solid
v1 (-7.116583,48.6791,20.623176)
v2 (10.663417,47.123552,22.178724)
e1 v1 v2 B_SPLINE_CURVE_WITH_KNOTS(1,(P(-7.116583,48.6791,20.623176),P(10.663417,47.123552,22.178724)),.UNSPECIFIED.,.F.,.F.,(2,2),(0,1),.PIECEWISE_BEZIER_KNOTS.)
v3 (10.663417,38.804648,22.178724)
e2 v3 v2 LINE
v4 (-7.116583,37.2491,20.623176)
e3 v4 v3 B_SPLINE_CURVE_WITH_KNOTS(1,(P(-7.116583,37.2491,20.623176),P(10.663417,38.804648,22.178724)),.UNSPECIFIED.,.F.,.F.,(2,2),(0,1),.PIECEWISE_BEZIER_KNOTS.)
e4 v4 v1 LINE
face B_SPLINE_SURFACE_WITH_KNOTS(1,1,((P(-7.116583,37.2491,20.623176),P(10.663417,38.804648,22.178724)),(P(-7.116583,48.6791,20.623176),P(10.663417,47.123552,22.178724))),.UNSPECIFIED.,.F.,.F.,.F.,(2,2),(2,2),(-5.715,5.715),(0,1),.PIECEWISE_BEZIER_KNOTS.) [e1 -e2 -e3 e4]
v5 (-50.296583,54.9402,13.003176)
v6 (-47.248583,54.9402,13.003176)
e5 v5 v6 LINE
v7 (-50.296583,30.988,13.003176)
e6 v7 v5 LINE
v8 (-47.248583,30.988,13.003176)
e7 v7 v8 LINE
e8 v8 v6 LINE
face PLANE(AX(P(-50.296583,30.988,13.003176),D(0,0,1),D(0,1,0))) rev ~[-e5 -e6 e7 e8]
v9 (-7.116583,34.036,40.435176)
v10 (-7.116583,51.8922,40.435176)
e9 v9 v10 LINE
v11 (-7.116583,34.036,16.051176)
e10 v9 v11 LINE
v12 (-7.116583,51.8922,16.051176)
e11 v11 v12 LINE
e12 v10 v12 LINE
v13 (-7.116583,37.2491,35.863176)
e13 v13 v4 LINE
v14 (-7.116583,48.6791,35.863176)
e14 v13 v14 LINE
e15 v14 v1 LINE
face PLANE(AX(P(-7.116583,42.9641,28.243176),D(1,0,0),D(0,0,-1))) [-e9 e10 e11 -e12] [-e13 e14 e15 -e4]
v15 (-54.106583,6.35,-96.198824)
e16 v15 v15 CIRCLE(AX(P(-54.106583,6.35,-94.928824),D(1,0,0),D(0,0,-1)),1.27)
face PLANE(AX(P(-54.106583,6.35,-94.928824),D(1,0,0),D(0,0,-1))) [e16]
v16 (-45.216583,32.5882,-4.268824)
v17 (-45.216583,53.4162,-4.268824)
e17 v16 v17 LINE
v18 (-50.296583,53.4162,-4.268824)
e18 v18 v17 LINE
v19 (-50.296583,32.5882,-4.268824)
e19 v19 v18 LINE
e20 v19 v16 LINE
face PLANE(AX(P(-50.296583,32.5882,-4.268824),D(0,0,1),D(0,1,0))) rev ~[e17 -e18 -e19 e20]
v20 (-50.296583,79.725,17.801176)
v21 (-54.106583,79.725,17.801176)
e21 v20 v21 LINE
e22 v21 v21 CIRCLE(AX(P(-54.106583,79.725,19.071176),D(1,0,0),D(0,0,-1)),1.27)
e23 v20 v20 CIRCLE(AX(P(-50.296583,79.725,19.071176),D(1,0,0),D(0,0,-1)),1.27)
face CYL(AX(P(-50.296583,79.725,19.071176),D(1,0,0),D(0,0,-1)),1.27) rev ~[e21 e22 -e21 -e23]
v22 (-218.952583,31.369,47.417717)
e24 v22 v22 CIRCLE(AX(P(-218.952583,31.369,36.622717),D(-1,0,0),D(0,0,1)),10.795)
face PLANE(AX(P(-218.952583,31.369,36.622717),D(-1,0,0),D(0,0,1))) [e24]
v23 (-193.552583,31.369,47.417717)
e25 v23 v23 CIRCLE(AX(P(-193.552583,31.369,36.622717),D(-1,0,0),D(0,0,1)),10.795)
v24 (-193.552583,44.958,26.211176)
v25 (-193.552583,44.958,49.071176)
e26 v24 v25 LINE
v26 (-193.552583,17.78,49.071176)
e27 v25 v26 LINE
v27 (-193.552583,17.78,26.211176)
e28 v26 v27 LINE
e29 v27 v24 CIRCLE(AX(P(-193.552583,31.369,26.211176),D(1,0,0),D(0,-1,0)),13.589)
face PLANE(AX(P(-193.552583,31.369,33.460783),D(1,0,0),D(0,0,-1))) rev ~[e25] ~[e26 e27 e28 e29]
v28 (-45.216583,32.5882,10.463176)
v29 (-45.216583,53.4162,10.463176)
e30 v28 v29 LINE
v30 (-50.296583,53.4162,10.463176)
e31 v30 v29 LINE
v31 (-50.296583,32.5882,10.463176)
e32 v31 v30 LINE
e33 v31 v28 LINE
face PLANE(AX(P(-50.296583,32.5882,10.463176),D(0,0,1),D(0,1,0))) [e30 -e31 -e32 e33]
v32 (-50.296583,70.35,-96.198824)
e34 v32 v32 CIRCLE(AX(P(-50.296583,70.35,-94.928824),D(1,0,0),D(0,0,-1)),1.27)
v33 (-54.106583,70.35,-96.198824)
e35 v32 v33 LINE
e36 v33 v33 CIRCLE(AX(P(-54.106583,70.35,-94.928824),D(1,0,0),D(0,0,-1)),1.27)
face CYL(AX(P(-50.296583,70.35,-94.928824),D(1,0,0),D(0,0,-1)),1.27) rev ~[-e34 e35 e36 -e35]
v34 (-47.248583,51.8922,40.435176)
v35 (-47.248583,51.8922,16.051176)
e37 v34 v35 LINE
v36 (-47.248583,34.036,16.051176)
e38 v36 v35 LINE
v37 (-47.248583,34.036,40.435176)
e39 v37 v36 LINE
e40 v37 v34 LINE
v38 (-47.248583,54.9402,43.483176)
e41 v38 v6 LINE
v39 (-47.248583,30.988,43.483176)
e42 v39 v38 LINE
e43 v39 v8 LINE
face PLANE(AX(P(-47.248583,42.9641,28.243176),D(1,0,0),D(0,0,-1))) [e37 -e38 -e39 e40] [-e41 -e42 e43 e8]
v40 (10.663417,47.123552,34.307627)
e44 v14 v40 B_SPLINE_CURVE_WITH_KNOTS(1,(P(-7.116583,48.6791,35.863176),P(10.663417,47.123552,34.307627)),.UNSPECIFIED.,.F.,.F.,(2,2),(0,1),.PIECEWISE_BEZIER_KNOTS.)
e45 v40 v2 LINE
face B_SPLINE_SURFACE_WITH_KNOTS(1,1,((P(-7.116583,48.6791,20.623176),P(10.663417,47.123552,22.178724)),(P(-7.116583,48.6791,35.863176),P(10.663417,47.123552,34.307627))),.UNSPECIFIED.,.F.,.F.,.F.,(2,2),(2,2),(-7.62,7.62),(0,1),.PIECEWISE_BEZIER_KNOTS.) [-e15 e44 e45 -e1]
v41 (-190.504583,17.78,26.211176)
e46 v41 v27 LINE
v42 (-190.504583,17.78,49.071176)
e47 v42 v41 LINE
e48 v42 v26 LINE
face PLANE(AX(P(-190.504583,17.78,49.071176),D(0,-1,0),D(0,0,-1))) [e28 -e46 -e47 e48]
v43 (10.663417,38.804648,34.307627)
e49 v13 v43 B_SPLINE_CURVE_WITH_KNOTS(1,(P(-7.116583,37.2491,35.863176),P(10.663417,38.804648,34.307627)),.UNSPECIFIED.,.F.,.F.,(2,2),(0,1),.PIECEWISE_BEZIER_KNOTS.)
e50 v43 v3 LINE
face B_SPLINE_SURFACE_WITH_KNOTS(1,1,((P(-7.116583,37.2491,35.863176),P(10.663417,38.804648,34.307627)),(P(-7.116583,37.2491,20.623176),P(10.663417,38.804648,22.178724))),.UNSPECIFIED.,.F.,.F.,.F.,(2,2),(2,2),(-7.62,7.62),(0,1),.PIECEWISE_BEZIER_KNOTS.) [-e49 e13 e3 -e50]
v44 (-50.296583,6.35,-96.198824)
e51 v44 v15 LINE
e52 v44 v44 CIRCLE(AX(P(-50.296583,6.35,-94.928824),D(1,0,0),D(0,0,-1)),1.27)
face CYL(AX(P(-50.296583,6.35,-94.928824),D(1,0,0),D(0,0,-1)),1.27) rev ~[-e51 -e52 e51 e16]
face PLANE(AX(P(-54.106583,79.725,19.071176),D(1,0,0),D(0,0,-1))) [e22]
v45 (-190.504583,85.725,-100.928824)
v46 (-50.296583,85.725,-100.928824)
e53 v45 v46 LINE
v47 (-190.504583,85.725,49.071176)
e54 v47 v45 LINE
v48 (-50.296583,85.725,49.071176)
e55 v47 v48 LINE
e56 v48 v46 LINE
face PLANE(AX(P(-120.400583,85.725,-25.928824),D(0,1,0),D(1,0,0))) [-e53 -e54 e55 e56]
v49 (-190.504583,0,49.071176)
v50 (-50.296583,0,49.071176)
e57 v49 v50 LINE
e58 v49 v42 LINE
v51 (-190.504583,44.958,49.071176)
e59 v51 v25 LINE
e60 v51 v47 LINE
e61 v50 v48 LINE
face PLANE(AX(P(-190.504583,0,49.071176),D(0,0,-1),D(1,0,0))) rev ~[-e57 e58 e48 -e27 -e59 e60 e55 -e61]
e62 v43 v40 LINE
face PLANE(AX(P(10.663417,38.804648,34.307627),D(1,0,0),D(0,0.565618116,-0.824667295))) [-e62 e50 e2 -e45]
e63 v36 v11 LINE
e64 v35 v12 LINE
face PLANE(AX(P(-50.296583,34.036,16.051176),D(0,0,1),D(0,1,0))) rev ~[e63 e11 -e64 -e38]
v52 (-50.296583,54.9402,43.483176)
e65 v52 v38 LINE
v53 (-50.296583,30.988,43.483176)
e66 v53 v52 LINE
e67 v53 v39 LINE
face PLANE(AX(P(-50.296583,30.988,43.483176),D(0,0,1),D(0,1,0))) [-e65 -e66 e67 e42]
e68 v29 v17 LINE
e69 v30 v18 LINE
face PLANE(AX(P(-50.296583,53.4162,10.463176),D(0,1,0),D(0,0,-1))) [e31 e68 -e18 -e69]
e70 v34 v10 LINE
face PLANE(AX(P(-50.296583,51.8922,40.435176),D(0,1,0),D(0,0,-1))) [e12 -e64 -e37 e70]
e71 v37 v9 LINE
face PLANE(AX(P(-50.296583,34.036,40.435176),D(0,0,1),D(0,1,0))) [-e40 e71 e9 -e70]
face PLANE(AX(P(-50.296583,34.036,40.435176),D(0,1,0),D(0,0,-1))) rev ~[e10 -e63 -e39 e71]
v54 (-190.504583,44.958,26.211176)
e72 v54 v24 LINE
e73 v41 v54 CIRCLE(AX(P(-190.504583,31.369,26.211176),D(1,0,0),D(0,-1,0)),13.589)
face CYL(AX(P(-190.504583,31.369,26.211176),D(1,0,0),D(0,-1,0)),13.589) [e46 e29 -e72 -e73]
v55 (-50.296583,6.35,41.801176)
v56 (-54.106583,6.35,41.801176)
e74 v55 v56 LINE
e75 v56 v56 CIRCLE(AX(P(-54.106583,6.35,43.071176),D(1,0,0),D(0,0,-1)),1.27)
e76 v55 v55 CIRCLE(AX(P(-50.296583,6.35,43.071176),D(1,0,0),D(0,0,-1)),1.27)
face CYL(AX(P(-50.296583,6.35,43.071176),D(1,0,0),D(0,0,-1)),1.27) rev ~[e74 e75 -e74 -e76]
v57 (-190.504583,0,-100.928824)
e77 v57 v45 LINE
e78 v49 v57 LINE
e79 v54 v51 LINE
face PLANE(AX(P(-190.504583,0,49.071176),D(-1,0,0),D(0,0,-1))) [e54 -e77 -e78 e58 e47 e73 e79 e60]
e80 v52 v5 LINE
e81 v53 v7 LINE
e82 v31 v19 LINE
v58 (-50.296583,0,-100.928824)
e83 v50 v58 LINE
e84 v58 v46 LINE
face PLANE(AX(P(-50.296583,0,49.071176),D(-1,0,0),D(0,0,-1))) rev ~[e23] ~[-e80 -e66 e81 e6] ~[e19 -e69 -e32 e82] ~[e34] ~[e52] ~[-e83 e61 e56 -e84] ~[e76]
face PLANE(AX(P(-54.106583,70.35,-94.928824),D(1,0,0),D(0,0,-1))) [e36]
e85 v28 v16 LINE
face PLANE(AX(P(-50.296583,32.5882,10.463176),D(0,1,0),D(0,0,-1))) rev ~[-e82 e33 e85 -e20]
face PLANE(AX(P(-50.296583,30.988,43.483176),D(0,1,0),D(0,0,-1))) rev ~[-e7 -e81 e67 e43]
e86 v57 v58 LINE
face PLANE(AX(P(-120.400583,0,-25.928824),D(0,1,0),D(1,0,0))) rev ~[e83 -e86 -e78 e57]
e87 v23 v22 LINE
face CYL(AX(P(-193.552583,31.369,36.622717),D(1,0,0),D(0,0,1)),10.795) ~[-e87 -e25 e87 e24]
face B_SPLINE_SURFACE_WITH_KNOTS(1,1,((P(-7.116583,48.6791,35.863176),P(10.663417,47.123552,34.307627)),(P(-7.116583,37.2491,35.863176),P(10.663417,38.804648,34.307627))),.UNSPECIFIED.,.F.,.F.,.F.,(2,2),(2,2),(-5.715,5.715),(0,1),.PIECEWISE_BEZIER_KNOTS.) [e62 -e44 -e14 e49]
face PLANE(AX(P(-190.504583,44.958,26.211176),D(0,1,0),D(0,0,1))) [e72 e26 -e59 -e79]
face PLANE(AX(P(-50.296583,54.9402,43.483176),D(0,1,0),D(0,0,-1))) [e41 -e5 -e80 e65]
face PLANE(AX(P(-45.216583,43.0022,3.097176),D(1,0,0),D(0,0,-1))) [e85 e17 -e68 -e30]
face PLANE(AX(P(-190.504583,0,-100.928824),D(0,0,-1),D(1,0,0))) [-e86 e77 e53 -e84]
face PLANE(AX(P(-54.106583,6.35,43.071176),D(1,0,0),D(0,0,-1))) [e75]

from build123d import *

# Parameters (mm, degrees)
SKETCH1_W           = 140.208
SKETCH1_H           = 150
BOSS_EXTRUDE1_DEPTH = 85.725
SKETCH2_W           = 30.48
SKETCH2_H           = 23.9522
SKETCH2_W_2         = 24.384
SKETCH2_H_2         = 17.8562
BOSS_EXTRUDE2_DEPTH = 3.048
SKETCH3_W           = 14.732
SKETCH3_H           = 20.828
BOSS_EXTRUDE3_DEPTH = 5.08
SKETCH4_R           = 1.27
CUT_EXTRUDE1_DEPTH  = 3.81
BOSS_EXTRUDE4_DEPTH = 3.048
SKETCH6_R           = 10.795
BOSS_EXTRUDE5_DEPTH = 25.4
SKETCH7_W           = 24.384
SKETCH7_H           = 17.8562
BOSS_EXTRUDE6_DEPTH = 43.18
SKETCH8_W           = 15.24
SKETCH8_H           = 11.43
BOSS_EXTRUDE7_DEPTH = 17.78
BOSS_EXTRUDE7_TAPER = 5


with BuildPart() as part:
    # Sketch1 → Boss-Extrude1 (new body)
    with BuildSketch(Plane(origin=(0, 0, 0), x_dir=(1, 0, 0), z_dir=(0, 1, 0))):
        with Locations((-120.400582929, 25.928824242)):
            Rectangle(SKETCH1_W, SKETCH1_H)
    extrude(amount=BOSS_EXTRUDE1_DEPTH)

    # Sketch2 → Boss-Extrude2 (add)
    with BuildSketch(Plane(origin=(-50.296582929, 0, 0), x_dir=(0, 0, -1), z_dir=(1, 0, 0))):
        with Locations((-28.243175758, 42.9641)):
            Rectangle(SKETCH2_W, SKETCH2_H)
        with Locations((-28.243175758, 42.9641)):
            Rectangle(SKETCH2_W_2, SKETCH2_H_2, mode=Mode.SUBTRACT)
    extrude(amount=BOSS_EXTRUDE2_DEPTH)

    # Sketch3 → Boss-Extrude3 (add)
    with BuildSketch(Plane(origin=(-50.296582929, 0, 0), x_dir=(0, 0, -1), z_dir=(1, 0, 0))):
        with Locations((-3.097175758, 43.0022)):
            Rectangle(SKETCH3_W, SKETCH3_H)
    extrude(amount=BOSS_EXTRUDE3_DEPTH)

    # Sketch4 → Cut-Extrude1 (cut)
    with BuildSketch(Plane(origin=(-50.296582929, 0, 0), x_dir=(0, 0, -1), z_dir=(1, 0, 0))):
        with Locations((-43.071175758, 6.35)):
            Circle(SKETCH4_R)
        with Locations((94.928824242, 6.35)):
            Circle(SKETCH4_R)
        with Locations((94.928824242, 70.35)):
            Circle(SKETCH4_R)
        with Locations((-19.071175758, 79.725)):
            Circle(SKETCH4_R)
    extrude(amount=-CUT_EXTRUDE1_DEPTH, mode=Mode.SUBTRACT)

    # Sketch5 → Boss-Extrude4 (add)
    with BuildSketch(Plane.ZY.offset(190.504582929)):
        with BuildLine():
            Line((49.071175758, 17.78), (26.211175758, 17.78))
            ThreePointArc((26.211175758, 17.78), (12.622175758, 31.369), (26.211175758, 44.958))
            Line((26.211175758, 44.958), (49.071175758, 44.958))
            Line((49.071175758, 44.958), (49.071175758, 17.78))
        make_face()
    extrude(amount=BOSS_EXTRUDE4_DEPTH)

    # Sketch6 → Boss-Extrude5 (add)
    with BuildSketch(Plane.ZY.offset(193.552582929)):
        with Locations((36.622716845, 31.369)):
            Circle(SKETCH6_R)
    extrude(amount=BOSS_EXTRUDE5_DEPTH)

    # Sketch7 → Boss-Extrude6 (add)
    with BuildSketch(Plane(origin=(-50.296582929, 0, 0), x_dir=(0, 0, -1), z_dir=(1, 0, 0))):
        with Locations((-28.243175758, 42.9641)):
            Rectangle(SKETCH7_W, SKETCH7_H)
    extrude(amount=BOSS_EXTRUDE6_DEPTH)

    # Sketch8 → Boss-Extrude7 (add)
    with BuildSketch(Plane(origin=(-7.116582929, 0, 0), x_dir=(0, 0, -1), z_dir=(1, 0, 0))):
        with Locations((-28.243175758, 42.9641)):
            Rectangle(SKETCH8_W, SKETCH8_H)
    extrude(amount=BOSS_EXTRUDE7_DEPTH, taper=BOSS_EXTRUDE7_TAPER)


solid = part.part
